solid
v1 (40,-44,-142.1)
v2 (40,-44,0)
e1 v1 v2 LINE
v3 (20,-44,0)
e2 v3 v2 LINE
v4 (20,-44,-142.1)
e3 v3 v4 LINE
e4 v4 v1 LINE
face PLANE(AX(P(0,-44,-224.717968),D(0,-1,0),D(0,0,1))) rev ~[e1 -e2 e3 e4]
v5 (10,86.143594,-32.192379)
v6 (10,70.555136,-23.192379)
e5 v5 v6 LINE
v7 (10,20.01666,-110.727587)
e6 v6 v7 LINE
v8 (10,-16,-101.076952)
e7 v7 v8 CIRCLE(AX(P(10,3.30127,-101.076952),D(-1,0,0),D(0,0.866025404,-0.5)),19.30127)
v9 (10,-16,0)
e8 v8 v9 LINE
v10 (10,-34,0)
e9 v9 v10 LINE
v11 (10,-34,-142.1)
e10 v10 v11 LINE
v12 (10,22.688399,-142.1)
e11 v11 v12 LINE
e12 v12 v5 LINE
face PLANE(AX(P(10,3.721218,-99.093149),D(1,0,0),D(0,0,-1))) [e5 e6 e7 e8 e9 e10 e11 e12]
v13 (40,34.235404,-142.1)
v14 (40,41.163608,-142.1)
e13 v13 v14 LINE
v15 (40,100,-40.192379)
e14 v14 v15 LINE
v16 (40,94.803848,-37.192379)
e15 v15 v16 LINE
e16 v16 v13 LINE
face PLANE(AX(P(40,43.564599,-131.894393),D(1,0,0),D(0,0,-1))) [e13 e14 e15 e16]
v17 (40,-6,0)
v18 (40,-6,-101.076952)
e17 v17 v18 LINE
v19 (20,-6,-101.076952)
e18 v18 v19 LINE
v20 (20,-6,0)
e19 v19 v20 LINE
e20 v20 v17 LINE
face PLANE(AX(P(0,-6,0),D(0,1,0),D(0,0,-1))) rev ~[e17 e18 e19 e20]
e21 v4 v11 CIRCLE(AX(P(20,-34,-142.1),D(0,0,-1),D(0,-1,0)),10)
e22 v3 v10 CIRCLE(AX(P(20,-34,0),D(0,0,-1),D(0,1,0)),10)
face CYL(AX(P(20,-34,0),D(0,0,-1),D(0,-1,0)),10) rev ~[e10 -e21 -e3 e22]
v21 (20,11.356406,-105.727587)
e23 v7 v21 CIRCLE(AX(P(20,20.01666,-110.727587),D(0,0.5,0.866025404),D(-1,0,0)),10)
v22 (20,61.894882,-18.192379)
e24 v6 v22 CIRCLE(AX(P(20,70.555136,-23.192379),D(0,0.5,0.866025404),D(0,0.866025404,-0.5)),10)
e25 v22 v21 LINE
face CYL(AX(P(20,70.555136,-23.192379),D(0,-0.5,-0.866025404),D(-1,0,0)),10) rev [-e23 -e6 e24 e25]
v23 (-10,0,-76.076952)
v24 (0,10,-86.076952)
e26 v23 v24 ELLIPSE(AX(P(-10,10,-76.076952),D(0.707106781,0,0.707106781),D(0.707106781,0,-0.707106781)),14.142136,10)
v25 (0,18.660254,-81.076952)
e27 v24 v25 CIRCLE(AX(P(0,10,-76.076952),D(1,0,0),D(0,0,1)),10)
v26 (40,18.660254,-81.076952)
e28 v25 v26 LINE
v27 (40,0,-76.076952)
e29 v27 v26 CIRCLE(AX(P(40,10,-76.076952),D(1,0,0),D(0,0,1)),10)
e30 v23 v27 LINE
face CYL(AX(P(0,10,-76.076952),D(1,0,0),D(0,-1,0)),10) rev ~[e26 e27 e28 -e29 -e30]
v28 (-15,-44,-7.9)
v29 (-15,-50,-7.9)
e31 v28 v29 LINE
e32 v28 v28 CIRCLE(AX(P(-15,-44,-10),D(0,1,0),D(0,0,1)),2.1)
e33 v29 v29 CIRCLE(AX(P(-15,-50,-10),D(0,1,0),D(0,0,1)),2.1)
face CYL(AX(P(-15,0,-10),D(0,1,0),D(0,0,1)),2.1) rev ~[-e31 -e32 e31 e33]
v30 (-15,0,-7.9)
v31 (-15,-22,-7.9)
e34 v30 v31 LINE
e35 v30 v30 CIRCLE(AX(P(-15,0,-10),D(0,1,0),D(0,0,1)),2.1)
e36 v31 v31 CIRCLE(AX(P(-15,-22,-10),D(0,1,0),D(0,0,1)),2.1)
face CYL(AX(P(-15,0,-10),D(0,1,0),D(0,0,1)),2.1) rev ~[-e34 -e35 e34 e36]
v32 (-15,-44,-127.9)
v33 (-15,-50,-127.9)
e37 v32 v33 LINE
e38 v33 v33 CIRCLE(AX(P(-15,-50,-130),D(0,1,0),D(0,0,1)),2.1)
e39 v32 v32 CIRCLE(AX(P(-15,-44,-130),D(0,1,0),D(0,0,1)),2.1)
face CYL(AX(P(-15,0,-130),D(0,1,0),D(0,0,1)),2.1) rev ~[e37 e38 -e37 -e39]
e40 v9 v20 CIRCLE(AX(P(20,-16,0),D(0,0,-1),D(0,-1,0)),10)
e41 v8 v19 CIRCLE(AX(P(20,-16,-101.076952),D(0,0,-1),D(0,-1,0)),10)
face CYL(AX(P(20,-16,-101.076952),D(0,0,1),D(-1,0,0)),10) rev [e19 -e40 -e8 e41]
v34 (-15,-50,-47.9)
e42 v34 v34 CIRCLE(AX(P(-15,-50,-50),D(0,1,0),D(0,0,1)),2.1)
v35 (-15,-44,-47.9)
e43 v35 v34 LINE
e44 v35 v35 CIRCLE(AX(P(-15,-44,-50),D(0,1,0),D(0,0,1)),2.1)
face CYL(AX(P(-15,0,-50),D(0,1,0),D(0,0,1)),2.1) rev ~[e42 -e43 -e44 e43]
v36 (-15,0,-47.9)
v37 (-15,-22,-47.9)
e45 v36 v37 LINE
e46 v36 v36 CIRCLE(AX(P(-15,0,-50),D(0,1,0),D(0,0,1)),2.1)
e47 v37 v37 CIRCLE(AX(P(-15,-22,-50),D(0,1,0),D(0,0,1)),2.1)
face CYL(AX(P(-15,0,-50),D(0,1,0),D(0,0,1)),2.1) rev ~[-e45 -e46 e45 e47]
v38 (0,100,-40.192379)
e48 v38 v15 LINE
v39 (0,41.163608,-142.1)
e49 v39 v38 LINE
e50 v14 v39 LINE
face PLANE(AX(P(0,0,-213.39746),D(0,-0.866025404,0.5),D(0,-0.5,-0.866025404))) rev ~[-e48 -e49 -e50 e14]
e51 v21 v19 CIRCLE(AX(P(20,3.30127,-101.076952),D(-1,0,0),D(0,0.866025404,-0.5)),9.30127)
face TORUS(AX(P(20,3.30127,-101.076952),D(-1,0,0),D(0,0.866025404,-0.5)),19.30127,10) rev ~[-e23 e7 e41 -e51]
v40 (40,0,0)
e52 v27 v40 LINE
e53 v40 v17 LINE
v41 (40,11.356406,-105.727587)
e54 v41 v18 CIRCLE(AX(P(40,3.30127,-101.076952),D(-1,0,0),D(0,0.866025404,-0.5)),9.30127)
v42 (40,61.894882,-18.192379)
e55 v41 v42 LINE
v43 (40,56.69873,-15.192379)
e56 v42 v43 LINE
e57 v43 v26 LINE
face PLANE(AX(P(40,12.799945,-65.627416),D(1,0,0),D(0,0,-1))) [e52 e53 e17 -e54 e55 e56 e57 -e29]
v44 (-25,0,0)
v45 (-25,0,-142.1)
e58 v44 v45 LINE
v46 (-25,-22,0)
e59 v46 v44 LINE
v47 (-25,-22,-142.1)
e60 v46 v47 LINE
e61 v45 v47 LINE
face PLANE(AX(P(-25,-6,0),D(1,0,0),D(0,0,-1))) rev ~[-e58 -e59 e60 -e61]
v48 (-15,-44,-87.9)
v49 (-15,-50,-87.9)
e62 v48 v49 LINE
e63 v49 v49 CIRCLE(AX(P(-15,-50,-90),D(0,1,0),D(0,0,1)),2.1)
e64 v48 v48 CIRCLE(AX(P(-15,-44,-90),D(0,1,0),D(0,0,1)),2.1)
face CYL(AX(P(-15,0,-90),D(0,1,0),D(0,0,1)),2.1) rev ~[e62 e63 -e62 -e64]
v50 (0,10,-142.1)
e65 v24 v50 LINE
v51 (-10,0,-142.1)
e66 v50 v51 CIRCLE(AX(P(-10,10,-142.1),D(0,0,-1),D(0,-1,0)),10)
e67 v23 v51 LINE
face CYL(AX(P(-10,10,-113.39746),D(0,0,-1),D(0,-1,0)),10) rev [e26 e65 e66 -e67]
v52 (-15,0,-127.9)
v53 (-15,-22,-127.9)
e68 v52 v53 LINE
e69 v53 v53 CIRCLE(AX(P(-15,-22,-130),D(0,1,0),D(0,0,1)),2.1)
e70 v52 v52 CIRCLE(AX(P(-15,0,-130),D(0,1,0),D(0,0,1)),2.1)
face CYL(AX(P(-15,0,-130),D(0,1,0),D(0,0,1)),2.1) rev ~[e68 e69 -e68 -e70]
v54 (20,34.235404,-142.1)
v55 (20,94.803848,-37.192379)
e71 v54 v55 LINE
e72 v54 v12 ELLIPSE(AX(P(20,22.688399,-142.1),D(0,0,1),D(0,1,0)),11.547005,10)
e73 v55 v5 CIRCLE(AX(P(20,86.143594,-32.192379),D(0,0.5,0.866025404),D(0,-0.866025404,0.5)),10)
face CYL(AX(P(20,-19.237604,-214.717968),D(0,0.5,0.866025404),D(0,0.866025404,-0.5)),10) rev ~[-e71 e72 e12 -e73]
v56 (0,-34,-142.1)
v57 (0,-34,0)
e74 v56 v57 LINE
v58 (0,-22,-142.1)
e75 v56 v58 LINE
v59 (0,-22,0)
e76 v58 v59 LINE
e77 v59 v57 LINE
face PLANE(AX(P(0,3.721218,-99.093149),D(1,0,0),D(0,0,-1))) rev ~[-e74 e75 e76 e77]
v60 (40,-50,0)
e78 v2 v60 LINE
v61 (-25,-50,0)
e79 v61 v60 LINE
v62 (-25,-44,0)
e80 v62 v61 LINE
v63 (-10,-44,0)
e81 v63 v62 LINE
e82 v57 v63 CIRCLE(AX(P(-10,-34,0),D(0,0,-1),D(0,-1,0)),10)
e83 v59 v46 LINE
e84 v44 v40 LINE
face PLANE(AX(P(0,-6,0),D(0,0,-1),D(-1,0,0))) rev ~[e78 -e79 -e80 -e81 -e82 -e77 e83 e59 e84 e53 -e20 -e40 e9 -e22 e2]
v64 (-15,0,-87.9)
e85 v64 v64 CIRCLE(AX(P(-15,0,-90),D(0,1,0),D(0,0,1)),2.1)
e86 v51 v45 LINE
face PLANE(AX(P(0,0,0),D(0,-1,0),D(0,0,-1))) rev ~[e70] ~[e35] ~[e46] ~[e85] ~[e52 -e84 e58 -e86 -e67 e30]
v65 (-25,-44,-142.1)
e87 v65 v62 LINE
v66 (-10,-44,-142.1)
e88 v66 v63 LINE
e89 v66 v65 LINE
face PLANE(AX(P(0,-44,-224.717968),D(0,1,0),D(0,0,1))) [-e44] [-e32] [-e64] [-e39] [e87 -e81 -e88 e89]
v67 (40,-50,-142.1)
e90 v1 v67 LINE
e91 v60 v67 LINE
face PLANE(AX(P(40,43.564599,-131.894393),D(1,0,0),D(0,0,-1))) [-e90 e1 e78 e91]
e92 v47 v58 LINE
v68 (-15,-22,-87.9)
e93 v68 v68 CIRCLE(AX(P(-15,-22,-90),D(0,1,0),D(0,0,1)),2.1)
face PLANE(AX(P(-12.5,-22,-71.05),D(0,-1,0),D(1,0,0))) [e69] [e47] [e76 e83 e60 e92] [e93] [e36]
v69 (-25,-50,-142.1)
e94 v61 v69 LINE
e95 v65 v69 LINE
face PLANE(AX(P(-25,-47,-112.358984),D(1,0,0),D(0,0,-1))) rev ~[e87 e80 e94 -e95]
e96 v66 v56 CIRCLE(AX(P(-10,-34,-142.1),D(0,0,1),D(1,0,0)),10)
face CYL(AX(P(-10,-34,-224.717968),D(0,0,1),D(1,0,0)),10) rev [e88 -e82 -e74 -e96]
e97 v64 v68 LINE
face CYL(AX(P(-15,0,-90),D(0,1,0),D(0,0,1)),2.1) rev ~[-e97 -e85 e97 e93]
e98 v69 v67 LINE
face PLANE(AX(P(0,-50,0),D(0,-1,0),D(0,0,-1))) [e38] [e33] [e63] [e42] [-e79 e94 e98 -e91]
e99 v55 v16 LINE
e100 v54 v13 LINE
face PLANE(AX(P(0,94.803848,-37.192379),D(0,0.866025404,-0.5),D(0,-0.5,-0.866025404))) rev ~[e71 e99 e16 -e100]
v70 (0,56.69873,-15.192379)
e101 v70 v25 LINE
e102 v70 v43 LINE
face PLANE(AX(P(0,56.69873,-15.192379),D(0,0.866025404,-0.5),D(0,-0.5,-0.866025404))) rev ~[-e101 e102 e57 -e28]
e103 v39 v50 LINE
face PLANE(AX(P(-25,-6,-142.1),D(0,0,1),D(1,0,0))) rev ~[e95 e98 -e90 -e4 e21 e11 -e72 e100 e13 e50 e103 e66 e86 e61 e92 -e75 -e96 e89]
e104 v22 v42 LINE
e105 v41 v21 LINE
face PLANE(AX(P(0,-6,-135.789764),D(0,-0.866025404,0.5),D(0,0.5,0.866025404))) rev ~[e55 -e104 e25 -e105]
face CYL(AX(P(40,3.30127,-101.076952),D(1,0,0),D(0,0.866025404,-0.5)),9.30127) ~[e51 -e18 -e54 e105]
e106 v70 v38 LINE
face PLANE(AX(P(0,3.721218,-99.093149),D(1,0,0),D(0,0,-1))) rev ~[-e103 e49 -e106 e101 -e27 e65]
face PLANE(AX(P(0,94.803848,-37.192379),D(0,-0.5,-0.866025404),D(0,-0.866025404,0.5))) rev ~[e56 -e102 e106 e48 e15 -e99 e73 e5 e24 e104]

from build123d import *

# Parameters (mm, degrees)
EXTRUDE_1_DEPTH     = 40
EXTRUDE_1_2_DEPTH   = 40
EXTRUDE_2_DEPTH     = 10
EXTRUDE_4_DEPTH     = 25
EXTRUDE_5_DEPTH     = 25
FILLET_4_R          = 10
FILLET_5_R          = 10
FILLET_6_R          = 10
FILLET_7_R          = 10
CUT_EXTRUDE_1_DEPTH = 30
FILLET_11_R         = 10
SKETCH_5_R          = 2.099999999999999
SKETCH_5_R_2        = 2.0999999999999983
SKETCH_5_R_3        = 2.1
SKETCH_5_R_4        = 2.0999999999999965
CUT_EXTRUDE_2_DEPTH = 255.61889299989065
CUT_EXTRUDE_3_DEPTH = 255.61889299989065
CUT_EXTRUDE_4_DEPTH = 240.0365573985137
EXTRUDE_6_DEPTH     = 16
SKETCH_5_2_R        = 2.099999999999999
SKETCH_5_2_R_2      = 2.0999999999999983
SKETCH_5_2_R_3      = 2.1
SKETCH_5_2_R_4      = 2.0999999999999965
CUT_EXTRUDE_5_DEPTH = 179.3042624280185


with BuildPart() as part:
    # 草图1 → 凸台-拉伸1 (new body)
    with BuildSketch(Plane(origin=(0, 0, 0), x_dir=(0, 0, -1), z_dir=(1, 0, 0))):
        Polygon((113.39745962155384, 1.22e-15), (0, 0), (0, -6), (135.7897644669674, -5.999999999999998), (18.192378864667774, 61.89488223348293), (15.192378864667806, 56.69872981077631), align=None)
    extrude(amount=EXTRUDE_1_DEPTH)



with BuildPart() as body_2:
    # 草图1 → Extrude 1 2 (new body)
    with BuildSketch(Plane(origin=(0, 0, 0), x_dir=(0, 0, -1), z_dir=(1, 0, 0))):
        Polygon((0, -44.00000000000001), (0, -50), (230.71796769724395, -50), (230.71796769724395, -10), (40.192378864667546, 99.99999999999838), (37.19237886466758, 94.80384757729173), (224.71796769724395, -13.464101615137764), (224.71796769724395, -44.00000000000001), align=None)
    extrude(amount=EXTRUDE_1_2_DEPTH)


with BuildPart() as part_1:
    add(part.part)

    add(body_2.part)  # 凸台-拉伸2 merges body 2
    # 草图1<6> → 凸台-拉伸2 (add)
    with BuildSketch(Plane(origin=(0, 0, 0), x_dir=(0, 0, -1), z_dir=(1, 0, 0))):
        Polygon((6, -6), (0, -6), (0, -44.00000000000001), (6.000000000000005, -44.00000000000001), (224.71796769724395, -44.00000000000001), (224.71796769724395, -13.464101615137768), (42.388531287374235, 91.80384757729178), (37.192378864667575, 94.80384757729173), (18.192378864667766, 61.89488223348294), (23.38853128737442, 58.89488223348298), (135.7897644669674, -5.999999999999998), align=None)
    extrude(amount=EXTRUDE_2_DEPTH)

    # 草图1<9> → 凸台-拉伸4 (add)
    with BuildSketch(Plane(origin=(0, 0, 0), x_dir=(0, 0, -1), z_dir=(1, 0, 0))):
        Polygon((6.000000000000005, -44.00000000000001), (5.33e-15, -44.00000000000001), (0, -50), (224.71796769724395, -50), (224.71796769724395, -44.00000000000001), align=None)
    extrude(amount=-EXTRUDE_4_DEPTH)

    # 草图2 → 凸台-拉伸5 (add)
    with BuildSketch(Plane.ZY):
        Polygon((0, 0), (-213.3974596215552, -2.429e-14), (-223.78976446696848, -6.0000000000000275), (0, -6), align=None)
    extrude(amount=EXTRUDE_5_DEPTH)

    # 圆角4
    fillet_4_edges = [part_1.edges().sort_by_distance(p)[0] for p in [
        (0, -1.86e-14, -163.39745962155453),
        (20, 1.22e-15, -113.39745962155384),
    ]]
    fillet(fillet_4_edges, radius=FILLET_4_R)

    # 圆角5
    fillet_5_edges = [part_1.edges().sort_by_distance(p)[0] for p in [
        (0, -44.00000000000001, -112.35898384862197),
        (0, -6.000000000000014, -111.89488223348424),
    ]]
    fillet(fillet_5_edges, radius=FILLET_5_R)

    # 圆角6
    fillet_6_edges = [part_1.edges().sort_by_distance(p)[0] for p in [
        (25, -44.00000000000001, -224.71796769724395),
        (25, -13.464101615137766, -224.71796769724395),
    ]]
    fillet(fillet_6_edges, radius=FILLET_6_R)

    # 圆角7
    fillet_7_edges = [part_1.edges().sort_by_distance(p)[0] for p in [
        (18.999999999999993, -10, -230.71796769724395),
    ]]
    fillet(fillet_7_edges, radius=FILLET_7_R)

    # 草图3 → 切除-拉伸1 (cut)
    with BuildSketch(Plane(origin=(40, 0, 0), x_dir=(0, 0, -1), z_dir=(1, 0, 0))):
        with BuildLine():
            Line((101.0769515458646, -5.999999999999998), (135.7897644669674, -5.999999999999998))
            Line((135.7897644669674, -5.999999999999998), (105.72758664047566, 11.356406460551396))
            ThreePointArc((105.72758664047566, 11.356406460551396), (110.06128863892687, 0.8939243206071232), (101.0769515458646, -5.999999999999998))
        make_face()
    extrude(amount=-CUT_EXTRUDE_1_DEPTH, mode=Mode.SUBTRACT)

    # 圆角11
    fillet_11_edges = [part_1.edges().sort_by_distance(p)[0] for p in [
        (10, 36.62564434701707, -61.95998275257166),
        (10, 0.8939243206071223, -110.06128863892687),
        (10, -44.00000000000001, -107.35898384862197),
        (10, -41.07106781186548, -221.78903550910942),
        (10, -26.618802153517038, -224.71796769724395),
        (10, -14.237604307034038, -223.37822173508832),
        (10, -5.999999999999999, -50.5384757729323),
        (10, 42.11324865405104, -128.45517328095573),
    ]]
    fillet(fillet_11_edges, radius=FILLET_11_R)

    # 草图5 → 切除-拉伸2 (cut, through all)
    with BuildSketch(Plane(origin=(0, 0, 0), x_dir=(1, 0, 0), z_dir=(0, 1, 1e-17))):
        with Locations((-15.000000000000002, 10)):
            Circle(SKETCH_5_R)
        with Locations((-15.000000000000139, 50)):
            Circle(SKETCH_5_R_2)
        with Locations((-15.000000000000275, 90)):
            Circle(SKETCH_5_R_3)
        with Locations((-15.000000000000412, 130)):
            Circle(SKETCH_5_R_4)
    extrude(amount=-CUT_EXTRUDE_2_DEPTH, mode=Mode.SUBTRACT)

    # 草图6 → 切除-拉伸3 (cut, through all)
    with BuildSketch(Plane(origin=(0, 0, 0), x_dir=(1, 0, 0), z_dir=(0, 1, 1e-17))):
        Polygon((-25, 231.5180230769059), (40, 231.5180230769059), (40.00000000000001, 142.1), (-24.99999999999999, 142.1), align=None)
    extrude(amount=-CUT_EXTRUDE_3_DEPTH, mode=Mode.SUBTRACT)

    # 草图6<2> → 切除-拉伸4 (cut, through all)
    with BuildSketch(Plane(origin=(0, 0, 0), x_dir=(1, 0, 0), z_dir=(0, 1, 1e-17))):
        Polygon((-25, 231.5180230769059), (40, 231.5180230769059), (40.00000000000001, 142.1), (-24.99999999999999, 142.1), align=None)
    extrude(amount=CUT_EXTRUDE_4_DEPTH, mode=Mode.SUBTRACT)

    # 草图8 → 凸台-拉伸6 (add)
    with BuildSketch(Plane.XZ.offset(6)):
        Polygon((-25, -7.4e-16), (-24.99999999999999, -142.1), (0, -142.1), (0, 0), align=None)
    extrude(amount=EXTRUDE_6_DEPTH)

    # 草图5<2> → 切除-拉伸5 (cut, through all)
    with BuildSketch(Plane(origin=(0, 0, 0), x_dir=(1, 0, 0), z_dir=(0, 1, 1e-17))):
        with Locations((-15.000000000000002, 10)):
            Circle(SKETCH_5_2_R)
        with Locations((-15.000000000000139, 50)):
            Circle(SKETCH_5_2_R_2)
        with Locations((-15.000000000000275, 90)):
            Circle(SKETCH_5_2_R_3)
        with Locations((-15.000000000000412, 130)):
            Circle(SKETCH_5_2_R_4)
    extrude(amount=-CUT_EXTRUDE_5_DEPTH, mode=Mode.SUBTRACT)


solid = part_1.part
